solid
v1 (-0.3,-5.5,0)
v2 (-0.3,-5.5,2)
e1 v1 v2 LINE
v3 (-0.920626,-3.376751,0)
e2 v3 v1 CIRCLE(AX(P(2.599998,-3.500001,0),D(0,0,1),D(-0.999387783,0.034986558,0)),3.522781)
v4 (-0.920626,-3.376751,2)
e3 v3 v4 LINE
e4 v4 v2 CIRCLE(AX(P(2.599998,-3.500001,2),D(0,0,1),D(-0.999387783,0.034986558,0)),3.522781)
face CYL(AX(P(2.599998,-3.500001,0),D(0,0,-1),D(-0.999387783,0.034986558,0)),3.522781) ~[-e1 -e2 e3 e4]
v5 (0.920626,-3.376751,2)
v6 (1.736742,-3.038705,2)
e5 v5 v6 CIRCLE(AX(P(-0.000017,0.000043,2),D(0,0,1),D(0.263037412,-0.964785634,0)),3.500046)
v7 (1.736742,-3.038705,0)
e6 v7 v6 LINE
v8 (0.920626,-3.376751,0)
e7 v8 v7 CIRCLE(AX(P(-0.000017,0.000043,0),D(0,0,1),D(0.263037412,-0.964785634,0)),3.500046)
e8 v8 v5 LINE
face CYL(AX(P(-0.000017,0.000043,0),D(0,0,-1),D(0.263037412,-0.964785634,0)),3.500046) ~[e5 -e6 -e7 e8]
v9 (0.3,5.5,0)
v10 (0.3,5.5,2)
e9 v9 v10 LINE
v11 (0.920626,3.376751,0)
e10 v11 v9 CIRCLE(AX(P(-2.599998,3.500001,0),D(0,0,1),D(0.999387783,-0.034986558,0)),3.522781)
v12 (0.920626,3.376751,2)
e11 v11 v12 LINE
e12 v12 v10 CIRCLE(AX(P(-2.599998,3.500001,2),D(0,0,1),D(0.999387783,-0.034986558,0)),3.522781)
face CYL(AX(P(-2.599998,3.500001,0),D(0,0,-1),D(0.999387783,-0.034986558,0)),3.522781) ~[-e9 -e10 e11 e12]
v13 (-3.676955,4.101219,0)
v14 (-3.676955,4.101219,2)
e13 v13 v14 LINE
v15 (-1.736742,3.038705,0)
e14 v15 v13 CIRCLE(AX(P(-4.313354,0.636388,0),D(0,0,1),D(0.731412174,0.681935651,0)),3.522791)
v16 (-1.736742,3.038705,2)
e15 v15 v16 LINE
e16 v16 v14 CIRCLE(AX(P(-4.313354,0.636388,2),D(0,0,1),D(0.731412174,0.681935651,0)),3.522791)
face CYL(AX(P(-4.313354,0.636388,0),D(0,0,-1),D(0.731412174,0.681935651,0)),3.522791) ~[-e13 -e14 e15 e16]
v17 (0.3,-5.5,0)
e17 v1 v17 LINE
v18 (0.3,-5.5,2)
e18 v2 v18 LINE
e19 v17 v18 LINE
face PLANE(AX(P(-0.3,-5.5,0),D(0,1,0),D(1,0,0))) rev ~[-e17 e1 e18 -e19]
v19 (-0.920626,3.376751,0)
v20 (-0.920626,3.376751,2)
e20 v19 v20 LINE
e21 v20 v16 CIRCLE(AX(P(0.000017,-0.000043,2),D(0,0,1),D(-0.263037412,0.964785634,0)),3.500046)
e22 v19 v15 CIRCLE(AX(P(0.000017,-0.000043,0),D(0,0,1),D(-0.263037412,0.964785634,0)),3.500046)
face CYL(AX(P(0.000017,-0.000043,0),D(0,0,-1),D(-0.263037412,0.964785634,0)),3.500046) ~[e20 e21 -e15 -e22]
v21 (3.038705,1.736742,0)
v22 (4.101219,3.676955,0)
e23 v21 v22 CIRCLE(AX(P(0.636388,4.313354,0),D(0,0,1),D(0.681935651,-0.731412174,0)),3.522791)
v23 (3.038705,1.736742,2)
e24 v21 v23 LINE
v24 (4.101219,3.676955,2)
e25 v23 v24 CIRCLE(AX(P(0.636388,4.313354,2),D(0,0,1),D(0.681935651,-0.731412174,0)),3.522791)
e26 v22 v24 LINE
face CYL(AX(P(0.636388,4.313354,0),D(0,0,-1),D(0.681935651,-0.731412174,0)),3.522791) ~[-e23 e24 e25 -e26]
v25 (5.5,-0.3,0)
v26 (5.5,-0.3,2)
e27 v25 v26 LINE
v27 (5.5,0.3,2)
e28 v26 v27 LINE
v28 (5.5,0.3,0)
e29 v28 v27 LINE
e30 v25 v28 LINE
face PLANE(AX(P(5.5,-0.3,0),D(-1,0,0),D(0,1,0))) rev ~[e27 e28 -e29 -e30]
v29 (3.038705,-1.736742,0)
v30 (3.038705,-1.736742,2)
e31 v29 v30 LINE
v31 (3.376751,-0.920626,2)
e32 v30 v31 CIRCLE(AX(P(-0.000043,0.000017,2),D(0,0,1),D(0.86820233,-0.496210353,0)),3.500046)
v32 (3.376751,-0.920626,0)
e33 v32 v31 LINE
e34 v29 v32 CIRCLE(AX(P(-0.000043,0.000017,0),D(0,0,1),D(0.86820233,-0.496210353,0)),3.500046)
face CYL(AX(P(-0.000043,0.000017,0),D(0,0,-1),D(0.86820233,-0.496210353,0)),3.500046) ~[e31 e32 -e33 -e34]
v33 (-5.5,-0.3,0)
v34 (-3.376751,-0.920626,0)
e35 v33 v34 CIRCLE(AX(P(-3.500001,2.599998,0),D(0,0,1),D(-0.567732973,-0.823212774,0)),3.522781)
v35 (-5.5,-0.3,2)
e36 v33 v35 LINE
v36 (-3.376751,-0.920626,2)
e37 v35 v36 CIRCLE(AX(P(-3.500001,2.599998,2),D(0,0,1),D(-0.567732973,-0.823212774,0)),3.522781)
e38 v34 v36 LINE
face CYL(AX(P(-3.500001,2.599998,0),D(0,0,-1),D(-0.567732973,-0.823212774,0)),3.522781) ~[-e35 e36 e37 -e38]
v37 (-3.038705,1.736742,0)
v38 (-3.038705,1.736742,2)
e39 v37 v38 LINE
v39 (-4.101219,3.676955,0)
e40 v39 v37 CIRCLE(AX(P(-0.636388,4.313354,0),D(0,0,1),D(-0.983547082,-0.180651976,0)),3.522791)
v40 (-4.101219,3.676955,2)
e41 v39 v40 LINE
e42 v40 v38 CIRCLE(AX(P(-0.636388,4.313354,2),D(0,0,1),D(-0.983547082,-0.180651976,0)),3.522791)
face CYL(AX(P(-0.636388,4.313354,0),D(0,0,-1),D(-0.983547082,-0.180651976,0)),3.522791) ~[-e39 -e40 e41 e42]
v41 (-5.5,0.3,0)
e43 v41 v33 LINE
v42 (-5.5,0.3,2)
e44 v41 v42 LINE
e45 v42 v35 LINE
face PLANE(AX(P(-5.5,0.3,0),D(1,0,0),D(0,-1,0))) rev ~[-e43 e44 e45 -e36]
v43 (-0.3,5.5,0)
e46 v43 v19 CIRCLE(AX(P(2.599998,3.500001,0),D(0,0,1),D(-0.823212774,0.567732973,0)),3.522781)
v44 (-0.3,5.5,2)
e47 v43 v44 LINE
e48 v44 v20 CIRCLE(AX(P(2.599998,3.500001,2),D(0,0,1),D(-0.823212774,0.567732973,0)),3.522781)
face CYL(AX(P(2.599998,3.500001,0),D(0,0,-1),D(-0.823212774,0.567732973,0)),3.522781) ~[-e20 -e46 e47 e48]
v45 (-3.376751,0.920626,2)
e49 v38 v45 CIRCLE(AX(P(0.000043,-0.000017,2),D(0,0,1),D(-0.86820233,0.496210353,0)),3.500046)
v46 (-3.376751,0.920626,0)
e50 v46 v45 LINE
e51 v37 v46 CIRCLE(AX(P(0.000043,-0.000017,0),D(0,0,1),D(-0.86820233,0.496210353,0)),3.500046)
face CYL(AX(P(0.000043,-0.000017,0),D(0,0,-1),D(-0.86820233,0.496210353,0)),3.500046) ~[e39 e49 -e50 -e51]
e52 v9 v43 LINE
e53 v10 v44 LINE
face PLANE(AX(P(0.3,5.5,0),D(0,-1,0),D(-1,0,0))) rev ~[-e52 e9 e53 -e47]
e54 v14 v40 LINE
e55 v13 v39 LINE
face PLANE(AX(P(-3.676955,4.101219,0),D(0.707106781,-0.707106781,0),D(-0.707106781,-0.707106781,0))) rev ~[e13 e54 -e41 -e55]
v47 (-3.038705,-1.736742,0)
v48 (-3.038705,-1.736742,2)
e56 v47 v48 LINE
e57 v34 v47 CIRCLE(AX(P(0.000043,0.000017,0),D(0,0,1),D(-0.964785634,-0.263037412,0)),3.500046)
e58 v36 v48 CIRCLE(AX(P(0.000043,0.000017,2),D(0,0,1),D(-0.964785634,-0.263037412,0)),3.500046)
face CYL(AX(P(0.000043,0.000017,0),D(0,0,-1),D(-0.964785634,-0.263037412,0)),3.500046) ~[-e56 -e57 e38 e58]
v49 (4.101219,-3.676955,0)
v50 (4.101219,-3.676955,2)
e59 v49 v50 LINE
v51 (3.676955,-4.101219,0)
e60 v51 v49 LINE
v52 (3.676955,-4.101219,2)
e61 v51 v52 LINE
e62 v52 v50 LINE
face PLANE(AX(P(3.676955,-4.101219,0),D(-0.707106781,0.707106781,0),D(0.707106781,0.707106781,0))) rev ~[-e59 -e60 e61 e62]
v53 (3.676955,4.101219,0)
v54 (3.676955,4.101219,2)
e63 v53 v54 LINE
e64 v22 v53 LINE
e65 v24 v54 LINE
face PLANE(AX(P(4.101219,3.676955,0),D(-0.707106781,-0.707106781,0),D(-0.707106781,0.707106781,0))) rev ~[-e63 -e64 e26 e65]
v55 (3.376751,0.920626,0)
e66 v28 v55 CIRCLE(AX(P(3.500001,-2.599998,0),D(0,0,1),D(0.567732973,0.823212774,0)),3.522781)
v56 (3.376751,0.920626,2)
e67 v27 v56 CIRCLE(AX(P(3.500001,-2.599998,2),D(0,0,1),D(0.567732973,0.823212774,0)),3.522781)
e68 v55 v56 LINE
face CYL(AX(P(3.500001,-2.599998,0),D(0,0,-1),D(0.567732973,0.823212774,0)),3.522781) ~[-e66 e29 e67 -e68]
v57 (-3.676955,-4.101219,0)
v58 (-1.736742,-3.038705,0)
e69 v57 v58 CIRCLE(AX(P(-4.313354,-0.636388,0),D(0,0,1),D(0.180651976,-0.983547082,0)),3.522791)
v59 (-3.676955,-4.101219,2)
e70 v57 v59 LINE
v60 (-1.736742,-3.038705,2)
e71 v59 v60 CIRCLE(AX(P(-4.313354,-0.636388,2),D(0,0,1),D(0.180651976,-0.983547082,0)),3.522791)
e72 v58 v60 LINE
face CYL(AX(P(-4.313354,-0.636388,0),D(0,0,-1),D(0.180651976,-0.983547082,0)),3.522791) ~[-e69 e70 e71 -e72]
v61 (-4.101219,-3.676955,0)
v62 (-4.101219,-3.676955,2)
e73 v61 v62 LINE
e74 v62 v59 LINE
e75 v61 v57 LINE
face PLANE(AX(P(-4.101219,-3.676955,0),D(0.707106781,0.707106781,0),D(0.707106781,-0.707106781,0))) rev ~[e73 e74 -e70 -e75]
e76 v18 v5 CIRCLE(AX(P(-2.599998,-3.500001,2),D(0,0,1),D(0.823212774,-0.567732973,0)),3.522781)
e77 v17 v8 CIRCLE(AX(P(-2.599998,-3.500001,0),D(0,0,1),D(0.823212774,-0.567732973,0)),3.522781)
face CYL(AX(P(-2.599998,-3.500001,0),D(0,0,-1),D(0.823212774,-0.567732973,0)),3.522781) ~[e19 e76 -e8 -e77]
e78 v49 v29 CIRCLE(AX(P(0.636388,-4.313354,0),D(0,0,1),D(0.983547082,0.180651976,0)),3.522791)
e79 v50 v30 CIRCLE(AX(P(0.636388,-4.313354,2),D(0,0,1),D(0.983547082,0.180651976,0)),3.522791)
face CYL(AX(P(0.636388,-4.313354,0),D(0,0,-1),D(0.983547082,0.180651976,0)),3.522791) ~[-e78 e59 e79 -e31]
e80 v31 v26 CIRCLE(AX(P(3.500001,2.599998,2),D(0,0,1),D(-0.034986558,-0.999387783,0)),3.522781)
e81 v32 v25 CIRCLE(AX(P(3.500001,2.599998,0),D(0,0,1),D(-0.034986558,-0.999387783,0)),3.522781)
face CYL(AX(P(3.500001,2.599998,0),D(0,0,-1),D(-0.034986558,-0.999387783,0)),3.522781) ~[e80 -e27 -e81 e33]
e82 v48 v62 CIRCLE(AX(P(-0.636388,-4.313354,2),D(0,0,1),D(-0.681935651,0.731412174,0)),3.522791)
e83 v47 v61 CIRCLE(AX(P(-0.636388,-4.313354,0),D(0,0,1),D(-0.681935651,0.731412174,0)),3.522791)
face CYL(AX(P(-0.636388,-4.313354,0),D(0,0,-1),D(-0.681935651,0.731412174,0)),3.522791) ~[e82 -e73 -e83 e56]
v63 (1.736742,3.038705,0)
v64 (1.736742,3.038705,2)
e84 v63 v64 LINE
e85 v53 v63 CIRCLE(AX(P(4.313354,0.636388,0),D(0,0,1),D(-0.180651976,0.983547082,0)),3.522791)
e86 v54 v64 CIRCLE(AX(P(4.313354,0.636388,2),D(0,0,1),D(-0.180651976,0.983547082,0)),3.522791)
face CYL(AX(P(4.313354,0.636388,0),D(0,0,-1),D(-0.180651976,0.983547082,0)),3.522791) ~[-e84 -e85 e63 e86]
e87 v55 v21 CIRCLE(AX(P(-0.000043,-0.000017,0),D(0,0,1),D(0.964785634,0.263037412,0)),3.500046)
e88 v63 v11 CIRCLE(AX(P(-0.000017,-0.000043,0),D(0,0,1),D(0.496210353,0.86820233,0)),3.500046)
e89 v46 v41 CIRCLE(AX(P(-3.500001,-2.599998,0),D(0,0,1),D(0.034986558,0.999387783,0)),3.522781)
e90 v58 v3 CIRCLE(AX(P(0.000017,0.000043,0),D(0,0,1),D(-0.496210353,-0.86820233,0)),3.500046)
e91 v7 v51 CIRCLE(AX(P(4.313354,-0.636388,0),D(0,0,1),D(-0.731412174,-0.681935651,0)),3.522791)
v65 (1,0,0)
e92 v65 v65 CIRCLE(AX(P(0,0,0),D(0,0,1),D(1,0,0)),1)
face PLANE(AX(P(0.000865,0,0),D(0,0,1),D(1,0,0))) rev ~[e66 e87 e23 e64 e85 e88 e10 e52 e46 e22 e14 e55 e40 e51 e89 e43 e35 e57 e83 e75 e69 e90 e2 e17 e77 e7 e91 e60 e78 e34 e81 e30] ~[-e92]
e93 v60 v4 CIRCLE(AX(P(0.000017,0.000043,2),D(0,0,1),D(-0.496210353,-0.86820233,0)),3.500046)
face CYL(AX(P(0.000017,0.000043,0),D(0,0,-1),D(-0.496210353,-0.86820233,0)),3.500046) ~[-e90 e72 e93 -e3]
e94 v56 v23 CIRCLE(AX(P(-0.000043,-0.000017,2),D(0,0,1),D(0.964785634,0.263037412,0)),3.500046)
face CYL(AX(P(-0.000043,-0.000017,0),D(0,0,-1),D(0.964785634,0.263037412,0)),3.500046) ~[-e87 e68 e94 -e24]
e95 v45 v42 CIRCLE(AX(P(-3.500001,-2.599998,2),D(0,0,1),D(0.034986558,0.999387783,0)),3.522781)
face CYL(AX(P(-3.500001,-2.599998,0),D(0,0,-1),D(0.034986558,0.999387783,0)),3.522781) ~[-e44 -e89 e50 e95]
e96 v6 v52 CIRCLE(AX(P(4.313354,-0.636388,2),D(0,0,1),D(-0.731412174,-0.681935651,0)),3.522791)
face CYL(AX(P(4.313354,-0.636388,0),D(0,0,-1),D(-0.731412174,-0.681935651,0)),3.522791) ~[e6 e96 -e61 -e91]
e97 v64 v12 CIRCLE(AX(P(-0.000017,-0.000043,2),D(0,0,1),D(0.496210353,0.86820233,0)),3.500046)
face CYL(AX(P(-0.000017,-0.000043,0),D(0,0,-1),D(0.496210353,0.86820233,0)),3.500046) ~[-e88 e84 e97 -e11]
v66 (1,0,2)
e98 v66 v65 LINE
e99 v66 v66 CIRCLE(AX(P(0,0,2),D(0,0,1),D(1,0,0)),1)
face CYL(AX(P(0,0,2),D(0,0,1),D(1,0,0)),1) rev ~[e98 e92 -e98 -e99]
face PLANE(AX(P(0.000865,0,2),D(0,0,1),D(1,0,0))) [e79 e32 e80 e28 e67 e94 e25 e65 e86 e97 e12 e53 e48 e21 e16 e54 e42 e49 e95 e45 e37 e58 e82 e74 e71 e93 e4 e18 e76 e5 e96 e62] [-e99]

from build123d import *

# Parameters (mm, degrees)
F1_DEPTH = 2
F2_R     = 1
F3_DEPTH = 2.001


with BuildPart() as f1:
    # F0 (on Top) → F1 (new body)
    with BuildSketch(Plane.XY):
        with BuildLine():
            ThreePointArc((3.376751, -0.920626), (3.469051, -0.46442), (3.5, 0))
            ThreePointArc((3.5, 0), (3.469051, 0.46442), (3.376751, 0.920626))
            ThreePointArc((3.376751, 0.920626), (3.233578, 1.339392), (3.038705, 1.736742))
            ThreePointArc((3.038705, 1.736742), (2.474874, 2.474874), (1.736742, 3.038705))
            ThreePointArc((1.736742, 3.038705), (1.339392, 3.233578), (0.920626, 3.376751))
            ThreePointArc((0.920626, 3.376751), (0, 3.5), (-0.920626, 3.376751))
            ThreePointArc((-0.920626, 3.376751), (-1.339392, 3.233578), (-1.736742, 3.038705))
            ThreePointArc((-1.736742, 3.038705), (-2.474874, 2.474874), (-3.038705, 1.736742))
            ThreePointArc((-3.038705, 1.736742), (-3.233578, 1.339392), (-3.376751, 0.920626))
            ThreePointArc((-3.376751, 0.920626), (-3.5, 0), (-3.376751, -0.920626))
            ThreePointArc((-3.376751, -0.920626), (-3.233578, -1.339392), (-3.038705, -1.736742))
            ThreePointArc((-3.038705, -1.736742), (-2.474874, -2.474874), (-1.736742, -3.038705))
            ThreePointArc((-1.736742, -3.038705), (-1.339392, -3.233578), (-0.920626, -3.376751))
            ThreePointArc((-0.920626, -3.376751), (0, -3.5), (0.920626, -3.376751))
            ThreePointArc((0.920626, -3.376751), (1.339392, -3.233578), (1.736742, -3.038705))
            ThreePointArc((1.736742, -3.038705), (2.474874, -2.474874), (3.038705, -1.736742))
            ThreePointArc((3.038705, -1.736742), (3.233578, -1.339392), (3.376751, -0.920626))
        make_face()
        with BuildLine():
            ThreePointArc((3.376751, 0.920626), (3.469051, 0.46442), (3.5, 0))
            ThreePointArc((3.5, 0), (3.469051, -0.46442), (3.376751, -0.920626))
            ThreePointArc((3.376751, -0.920626), (4.488354, -0.781295), (5.5, -0.3))
            Line((5.5, -0.3), (5.5, 0))
            Line((5.5, 0), (5.5, 0.3))
            ThreePointArc((5.5, 0.3), (4.488354, 0.781295), (3.376751, 0.920626))
        make_face()
        with BuildLine():
            ThreePointArc((1.736742, 3.038705), (2.474874, 2.474874), (3.038705, 1.736742))
            ThreePointArc((3.038705, 1.736742), (3.726204, 2.621286), (4.101219, 3.676955))
            Line((4.101219, 3.676955), (3.889087, 3.889087))
            Line((3.889087, 3.889087), (3.676955, 4.101219))
            ThreePointArc((3.676955, 4.101219), (2.621286, 3.726204), (1.736742, 3.038705))
        make_face()
        with BuildLine():
            ThreePointArc((4.101219, -3.676955), (3.726204, -2.621286), (3.038705, -1.736742))
            ThreePointArc((3.038705, -1.736742), (2.474874, -2.474874), (1.736742, -3.038705))
            ThreePointArc((1.736742, -3.038705), (2.621286, -3.726204), (3.676955, -4.101219))
            Line((3.676955, -4.101219), (3.889087, -3.889087))
            Line((3.889087, -3.889087), (4.101219, -3.676955))
        make_face()
        with BuildLine():
            ThreePointArc((-0.920626, 3.376751), (0, 3.5), (0.920626, 3.376751))
            ThreePointArc((0.920626, 3.376751), (0.781295, 4.488354), (0.3, 5.5))
            Line((0.3, 5.5), (0, 5.5))
            Line((0, 5.5), (-0.3, 5.5))
            ThreePointArc((-0.3, 5.5), (-0.781295, 4.488354), (-0.920626, 3.376751))
        make_face()
        with BuildLine():
            ThreePointArc((0.3, -5.5), (0.781295, -4.488354), (0.920626, -3.376751))
            ThreePointArc((0.920626, -3.376751), (0, -3.5), (-0.920626, -3.376751))
            ThreePointArc((-0.920626, -3.376751), (-0.781295, -4.488354), (-0.3, -5.5))
            Line((-0.3, -5.5), (0, -5.5))
            Line((0, -5.5), (0.3, -5.5))
        make_face()
        with BuildLine():
            ThreePointArc((-3.038705, 1.736742), (-2.474874, 2.474874), (-1.736742, 3.038705))
            ThreePointArc((-1.736742, 3.038705), (-2.621286, 3.726204), (-3.676955, 4.101219))
            Line((-3.676955, 4.101219), (-3.889087, 3.889087))
            Line((-3.889087, 3.889087), (-4.101219, 3.676955))
            ThreePointArc((-4.101219, 3.676955), (-3.726204, 2.621286), (-3.038705, 1.736742))
        make_face()
        with BuildLine():
            ThreePointArc((-3.676955, -4.101219), (-2.621286, -3.726204), (-1.736742, -3.038705))
            ThreePointArc((-1.736742, -3.038705), (-2.474874, -2.474874), (-3.038705, -1.736742))
            ThreePointArc((-3.038705, -1.736742), (-3.726204, -2.621286), (-4.101219, -3.676955))
            Line((-4.101219, -3.676955), (-3.889087, -3.889087))
            Line((-3.889087, -3.889087), (-3.676955, -4.101219))
        make_face()
        with BuildLine():
            ThreePointArc((-3.376751, -0.920626), (-3.5, 0), (-3.376751, 0.920626))
            ThreePointArc((-3.376751, 0.920626), (-4.488354, 0.781295), (-5.5, 0.3))
            Line((-5.5, 0.3), (-5.5, 0))
            Line((-5.5, 0), (-5.5, -0.3))
            ThreePointArc((-5.5, -0.3), (-4.488354, -0.781295), (-3.376751, -0.920626))
        make_face()
    extrude(amount=F1_DEPTH)

    # F2 (on face) → F3 (cut, through all)
    with BuildSketch(Plane.XY.offset(2)):
        Circle(F2_R)
    extrude(amount=-F3_DEPTH, mode=Mode.SUBTRACT)


solid = f1.part
